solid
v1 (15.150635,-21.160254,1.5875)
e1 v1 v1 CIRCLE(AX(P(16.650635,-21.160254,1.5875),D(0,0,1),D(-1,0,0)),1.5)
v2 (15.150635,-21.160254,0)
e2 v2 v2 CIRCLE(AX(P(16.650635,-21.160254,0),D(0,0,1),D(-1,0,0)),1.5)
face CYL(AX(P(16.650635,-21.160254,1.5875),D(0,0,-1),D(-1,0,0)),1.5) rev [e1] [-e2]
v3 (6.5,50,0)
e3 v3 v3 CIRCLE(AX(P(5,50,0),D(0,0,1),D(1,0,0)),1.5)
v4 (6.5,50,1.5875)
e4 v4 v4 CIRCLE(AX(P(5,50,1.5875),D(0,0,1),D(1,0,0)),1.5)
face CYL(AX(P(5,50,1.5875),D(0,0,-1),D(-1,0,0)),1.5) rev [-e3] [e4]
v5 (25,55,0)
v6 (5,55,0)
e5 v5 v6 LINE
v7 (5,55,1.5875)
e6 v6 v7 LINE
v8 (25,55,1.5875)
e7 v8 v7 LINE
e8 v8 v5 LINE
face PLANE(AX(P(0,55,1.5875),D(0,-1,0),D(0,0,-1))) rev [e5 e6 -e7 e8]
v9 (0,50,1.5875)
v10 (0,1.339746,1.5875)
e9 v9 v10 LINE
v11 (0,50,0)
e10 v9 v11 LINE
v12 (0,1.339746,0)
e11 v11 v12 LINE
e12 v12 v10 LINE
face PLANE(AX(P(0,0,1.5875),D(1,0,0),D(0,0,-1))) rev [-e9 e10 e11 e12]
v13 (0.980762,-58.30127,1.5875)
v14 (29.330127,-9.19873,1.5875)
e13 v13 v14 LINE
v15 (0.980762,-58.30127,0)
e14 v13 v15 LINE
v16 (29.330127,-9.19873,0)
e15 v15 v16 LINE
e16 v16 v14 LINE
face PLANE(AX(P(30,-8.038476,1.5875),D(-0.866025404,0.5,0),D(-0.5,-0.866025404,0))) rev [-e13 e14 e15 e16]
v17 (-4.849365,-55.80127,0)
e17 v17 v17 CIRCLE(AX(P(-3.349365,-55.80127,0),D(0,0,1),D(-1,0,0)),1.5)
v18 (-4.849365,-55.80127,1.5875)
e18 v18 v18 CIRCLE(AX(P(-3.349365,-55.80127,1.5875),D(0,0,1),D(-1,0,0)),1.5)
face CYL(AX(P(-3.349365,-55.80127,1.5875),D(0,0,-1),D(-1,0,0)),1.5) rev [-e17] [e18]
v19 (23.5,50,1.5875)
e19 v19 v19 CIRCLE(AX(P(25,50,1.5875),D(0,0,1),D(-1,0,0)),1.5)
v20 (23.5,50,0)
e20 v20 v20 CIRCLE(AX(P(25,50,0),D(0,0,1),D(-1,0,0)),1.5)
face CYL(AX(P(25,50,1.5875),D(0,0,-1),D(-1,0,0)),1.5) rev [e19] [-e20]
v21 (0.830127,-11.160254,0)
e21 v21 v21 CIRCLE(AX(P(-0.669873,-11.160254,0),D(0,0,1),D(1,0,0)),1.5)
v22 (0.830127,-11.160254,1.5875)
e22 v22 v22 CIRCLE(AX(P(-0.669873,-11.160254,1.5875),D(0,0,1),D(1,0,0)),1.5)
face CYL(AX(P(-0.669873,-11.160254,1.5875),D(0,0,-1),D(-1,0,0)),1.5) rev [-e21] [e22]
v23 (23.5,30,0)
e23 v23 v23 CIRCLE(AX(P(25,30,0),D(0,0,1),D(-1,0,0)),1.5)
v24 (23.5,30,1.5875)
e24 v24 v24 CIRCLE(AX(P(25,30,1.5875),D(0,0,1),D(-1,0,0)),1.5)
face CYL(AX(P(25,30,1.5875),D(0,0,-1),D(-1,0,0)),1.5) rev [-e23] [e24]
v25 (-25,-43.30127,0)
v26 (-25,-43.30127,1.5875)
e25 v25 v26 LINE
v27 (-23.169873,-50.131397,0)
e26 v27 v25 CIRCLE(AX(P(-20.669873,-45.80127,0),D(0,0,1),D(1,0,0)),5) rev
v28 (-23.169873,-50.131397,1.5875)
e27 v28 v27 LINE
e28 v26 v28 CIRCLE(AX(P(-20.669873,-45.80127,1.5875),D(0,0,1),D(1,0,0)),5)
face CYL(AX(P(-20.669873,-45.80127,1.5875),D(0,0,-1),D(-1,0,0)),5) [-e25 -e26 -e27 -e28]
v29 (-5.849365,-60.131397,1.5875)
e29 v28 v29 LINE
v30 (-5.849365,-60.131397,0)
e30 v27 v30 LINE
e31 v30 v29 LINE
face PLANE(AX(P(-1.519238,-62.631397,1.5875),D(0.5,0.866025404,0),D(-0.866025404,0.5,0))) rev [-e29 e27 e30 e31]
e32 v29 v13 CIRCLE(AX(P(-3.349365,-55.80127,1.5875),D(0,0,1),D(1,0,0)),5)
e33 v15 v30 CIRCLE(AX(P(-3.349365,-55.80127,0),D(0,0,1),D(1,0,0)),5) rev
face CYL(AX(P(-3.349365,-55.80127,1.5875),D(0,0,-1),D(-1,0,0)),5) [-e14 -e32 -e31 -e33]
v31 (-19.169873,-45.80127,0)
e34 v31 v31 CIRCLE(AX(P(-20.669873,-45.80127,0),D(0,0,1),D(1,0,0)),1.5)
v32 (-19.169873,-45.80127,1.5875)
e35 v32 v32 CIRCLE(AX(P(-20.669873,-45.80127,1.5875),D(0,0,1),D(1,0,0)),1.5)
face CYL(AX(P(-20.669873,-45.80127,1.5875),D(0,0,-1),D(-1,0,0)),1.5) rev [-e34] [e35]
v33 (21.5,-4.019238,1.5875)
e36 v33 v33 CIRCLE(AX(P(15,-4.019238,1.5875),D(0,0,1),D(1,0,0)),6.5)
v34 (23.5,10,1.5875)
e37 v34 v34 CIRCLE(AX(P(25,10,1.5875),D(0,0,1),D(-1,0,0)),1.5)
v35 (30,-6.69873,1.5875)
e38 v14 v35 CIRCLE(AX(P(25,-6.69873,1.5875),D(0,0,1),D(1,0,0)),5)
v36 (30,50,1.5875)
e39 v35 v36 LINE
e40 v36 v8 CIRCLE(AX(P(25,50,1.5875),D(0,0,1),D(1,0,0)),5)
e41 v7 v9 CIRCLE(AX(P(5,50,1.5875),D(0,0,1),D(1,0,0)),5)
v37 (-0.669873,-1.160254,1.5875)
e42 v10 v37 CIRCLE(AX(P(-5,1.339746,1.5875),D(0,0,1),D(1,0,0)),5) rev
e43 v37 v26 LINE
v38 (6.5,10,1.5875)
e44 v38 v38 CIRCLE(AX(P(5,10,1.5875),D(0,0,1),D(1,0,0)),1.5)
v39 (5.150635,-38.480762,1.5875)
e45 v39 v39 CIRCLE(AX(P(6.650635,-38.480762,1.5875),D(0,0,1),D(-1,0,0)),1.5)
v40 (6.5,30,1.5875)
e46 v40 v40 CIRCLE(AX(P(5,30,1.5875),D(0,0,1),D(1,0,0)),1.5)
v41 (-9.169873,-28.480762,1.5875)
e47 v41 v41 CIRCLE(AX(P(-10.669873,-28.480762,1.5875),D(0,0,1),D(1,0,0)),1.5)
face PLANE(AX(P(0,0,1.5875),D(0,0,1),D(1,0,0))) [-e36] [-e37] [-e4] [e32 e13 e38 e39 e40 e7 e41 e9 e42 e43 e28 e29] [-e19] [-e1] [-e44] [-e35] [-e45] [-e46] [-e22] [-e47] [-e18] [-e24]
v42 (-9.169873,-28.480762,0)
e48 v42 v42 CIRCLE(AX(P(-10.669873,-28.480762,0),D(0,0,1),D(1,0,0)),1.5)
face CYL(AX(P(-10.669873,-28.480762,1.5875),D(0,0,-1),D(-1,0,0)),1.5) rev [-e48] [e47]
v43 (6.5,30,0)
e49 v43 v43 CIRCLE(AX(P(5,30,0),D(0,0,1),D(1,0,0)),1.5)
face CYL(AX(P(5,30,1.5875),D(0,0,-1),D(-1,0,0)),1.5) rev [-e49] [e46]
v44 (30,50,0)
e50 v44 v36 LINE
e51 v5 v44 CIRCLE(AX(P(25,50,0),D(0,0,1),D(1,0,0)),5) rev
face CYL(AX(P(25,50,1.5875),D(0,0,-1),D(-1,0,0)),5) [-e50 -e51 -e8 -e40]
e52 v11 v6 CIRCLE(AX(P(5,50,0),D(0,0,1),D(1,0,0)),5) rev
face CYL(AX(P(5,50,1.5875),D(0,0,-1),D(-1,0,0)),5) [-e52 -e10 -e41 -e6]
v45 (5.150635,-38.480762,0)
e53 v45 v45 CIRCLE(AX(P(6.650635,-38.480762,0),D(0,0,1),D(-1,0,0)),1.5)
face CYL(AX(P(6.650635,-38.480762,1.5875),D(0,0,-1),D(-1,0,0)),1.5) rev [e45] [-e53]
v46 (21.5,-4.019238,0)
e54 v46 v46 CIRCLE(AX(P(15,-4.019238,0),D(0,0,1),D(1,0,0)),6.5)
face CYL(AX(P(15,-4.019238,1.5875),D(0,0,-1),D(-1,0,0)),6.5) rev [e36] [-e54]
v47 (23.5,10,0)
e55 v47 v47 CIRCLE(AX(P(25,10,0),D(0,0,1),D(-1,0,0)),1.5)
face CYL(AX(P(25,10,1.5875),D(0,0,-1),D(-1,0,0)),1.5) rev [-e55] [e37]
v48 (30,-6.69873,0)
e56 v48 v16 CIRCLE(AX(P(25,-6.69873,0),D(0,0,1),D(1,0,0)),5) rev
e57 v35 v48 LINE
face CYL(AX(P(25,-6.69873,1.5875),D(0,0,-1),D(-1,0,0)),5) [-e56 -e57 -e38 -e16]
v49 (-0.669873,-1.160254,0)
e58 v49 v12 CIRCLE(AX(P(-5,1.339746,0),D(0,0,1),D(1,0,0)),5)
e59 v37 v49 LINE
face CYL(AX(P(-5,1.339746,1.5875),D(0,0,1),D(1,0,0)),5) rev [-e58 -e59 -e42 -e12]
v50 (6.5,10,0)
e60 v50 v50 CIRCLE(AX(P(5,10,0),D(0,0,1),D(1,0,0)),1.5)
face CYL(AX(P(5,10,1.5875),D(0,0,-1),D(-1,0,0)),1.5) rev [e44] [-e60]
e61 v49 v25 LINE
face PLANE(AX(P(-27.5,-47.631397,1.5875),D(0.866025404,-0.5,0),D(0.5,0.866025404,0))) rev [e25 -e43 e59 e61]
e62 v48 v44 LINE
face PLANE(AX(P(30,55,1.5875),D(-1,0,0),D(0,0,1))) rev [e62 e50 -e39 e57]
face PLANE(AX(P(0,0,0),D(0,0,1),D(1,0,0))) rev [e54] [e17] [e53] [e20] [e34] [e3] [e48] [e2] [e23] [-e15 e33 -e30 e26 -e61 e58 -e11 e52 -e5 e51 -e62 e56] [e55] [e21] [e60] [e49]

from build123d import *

# Parameters (mm, degrees)
SKETCH1_R           = 6.5
SKETCH1_R_2         = 1.5
BOSS_EXTRUDE1_DEPTH = 1.5875
FILLET1_R           = 5


with BuildPart() as part:
    # Sketch1 → Boss-Extrude1 (new body)
    with BuildSketch(Plane.XY):
        Polygon((0, 0), (0, 55), (30, 55), (30, -8.038475773), (-1.519237886, -62.631397208), (-27.5, -47.631397208), align=None)
        with Locations((15, -4.019237886)):
            Circle(SKETCH1_R, mode=Mode.SUBTRACT)
        with Locations((5, 50)):
            Circle(SKETCH1_R_2, mode=Mode.SUBTRACT)
        with Locations((5, 30)):
            Circle(SKETCH1_R_2, mode=Mode.SUBTRACT)
        with Locations((5, 10)):
            Circle(SKETCH1_R_2, mode=Mode.SUBTRACT)
        with Locations(Location((25, 10, 0), (0, 0, 180))):
            Circle(SKETCH1_R_2, mode=Mode.SUBTRACT)
        with Locations(Location((25, 30, 0), (0, 0, 180))):
            Circle(SKETCH1_R_2, mode=Mode.SUBTRACT)
        with Locations(Location((25, 50, 0), (0, 0, 180))):
            Circle(SKETCH1_R_2, mode=Mode.SUBTRACT)
        with Locations((-20.669872981, -45.801270189)):
            Circle(SKETCH1_R_2, mode=Mode.SUBTRACT)
        with Locations((-10.669872981, -28.480762114)):
            Circle(SKETCH1_R_2, mode=Mode.SUBTRACT)
        with Locations((-0.669872981, -11.160254038)):
            Circle(SKETCH1_R_2, mode=Mode.SUBTRACT)
        with Locations(Location((16.650635095, -21.160254038, 0), (0, 0, 180))):
            Circle(SKETCH1_R_2, mode=Mode.SUBTRACT)
        with Locations(Location((6.650635095, -38.480762114, 0), (0, 0, 180))):
            Circle(SKETCH1_R_2, mode=Mode.SUBTRACT)
        with Locations(Location((-3.349364905, -55.801270189, 0), (0, 0, 180))):
            Circle(SKETCH1_R_2, mode=Mode.SUBTRACT)
    extrude(amount=BOSS_EXTRUDE1_DEPTH)

    # Fillet1
    fillet1_edges = [part.edges().sort_by_distance(p)[0] for p in [
        (0, 0, 0.79375),
        (0, 55, 0.79375),
        (30, 55, 0.79375),
        (30, -8.038475773, 0.79375),
        (-1.519237886, -62.631397208, 0.79375),
        (-27.5, -47.631397208, 0.79375),
    ]]
    fillet(fillet1_edges, radius=FILLET1_R)


solid = part.part
